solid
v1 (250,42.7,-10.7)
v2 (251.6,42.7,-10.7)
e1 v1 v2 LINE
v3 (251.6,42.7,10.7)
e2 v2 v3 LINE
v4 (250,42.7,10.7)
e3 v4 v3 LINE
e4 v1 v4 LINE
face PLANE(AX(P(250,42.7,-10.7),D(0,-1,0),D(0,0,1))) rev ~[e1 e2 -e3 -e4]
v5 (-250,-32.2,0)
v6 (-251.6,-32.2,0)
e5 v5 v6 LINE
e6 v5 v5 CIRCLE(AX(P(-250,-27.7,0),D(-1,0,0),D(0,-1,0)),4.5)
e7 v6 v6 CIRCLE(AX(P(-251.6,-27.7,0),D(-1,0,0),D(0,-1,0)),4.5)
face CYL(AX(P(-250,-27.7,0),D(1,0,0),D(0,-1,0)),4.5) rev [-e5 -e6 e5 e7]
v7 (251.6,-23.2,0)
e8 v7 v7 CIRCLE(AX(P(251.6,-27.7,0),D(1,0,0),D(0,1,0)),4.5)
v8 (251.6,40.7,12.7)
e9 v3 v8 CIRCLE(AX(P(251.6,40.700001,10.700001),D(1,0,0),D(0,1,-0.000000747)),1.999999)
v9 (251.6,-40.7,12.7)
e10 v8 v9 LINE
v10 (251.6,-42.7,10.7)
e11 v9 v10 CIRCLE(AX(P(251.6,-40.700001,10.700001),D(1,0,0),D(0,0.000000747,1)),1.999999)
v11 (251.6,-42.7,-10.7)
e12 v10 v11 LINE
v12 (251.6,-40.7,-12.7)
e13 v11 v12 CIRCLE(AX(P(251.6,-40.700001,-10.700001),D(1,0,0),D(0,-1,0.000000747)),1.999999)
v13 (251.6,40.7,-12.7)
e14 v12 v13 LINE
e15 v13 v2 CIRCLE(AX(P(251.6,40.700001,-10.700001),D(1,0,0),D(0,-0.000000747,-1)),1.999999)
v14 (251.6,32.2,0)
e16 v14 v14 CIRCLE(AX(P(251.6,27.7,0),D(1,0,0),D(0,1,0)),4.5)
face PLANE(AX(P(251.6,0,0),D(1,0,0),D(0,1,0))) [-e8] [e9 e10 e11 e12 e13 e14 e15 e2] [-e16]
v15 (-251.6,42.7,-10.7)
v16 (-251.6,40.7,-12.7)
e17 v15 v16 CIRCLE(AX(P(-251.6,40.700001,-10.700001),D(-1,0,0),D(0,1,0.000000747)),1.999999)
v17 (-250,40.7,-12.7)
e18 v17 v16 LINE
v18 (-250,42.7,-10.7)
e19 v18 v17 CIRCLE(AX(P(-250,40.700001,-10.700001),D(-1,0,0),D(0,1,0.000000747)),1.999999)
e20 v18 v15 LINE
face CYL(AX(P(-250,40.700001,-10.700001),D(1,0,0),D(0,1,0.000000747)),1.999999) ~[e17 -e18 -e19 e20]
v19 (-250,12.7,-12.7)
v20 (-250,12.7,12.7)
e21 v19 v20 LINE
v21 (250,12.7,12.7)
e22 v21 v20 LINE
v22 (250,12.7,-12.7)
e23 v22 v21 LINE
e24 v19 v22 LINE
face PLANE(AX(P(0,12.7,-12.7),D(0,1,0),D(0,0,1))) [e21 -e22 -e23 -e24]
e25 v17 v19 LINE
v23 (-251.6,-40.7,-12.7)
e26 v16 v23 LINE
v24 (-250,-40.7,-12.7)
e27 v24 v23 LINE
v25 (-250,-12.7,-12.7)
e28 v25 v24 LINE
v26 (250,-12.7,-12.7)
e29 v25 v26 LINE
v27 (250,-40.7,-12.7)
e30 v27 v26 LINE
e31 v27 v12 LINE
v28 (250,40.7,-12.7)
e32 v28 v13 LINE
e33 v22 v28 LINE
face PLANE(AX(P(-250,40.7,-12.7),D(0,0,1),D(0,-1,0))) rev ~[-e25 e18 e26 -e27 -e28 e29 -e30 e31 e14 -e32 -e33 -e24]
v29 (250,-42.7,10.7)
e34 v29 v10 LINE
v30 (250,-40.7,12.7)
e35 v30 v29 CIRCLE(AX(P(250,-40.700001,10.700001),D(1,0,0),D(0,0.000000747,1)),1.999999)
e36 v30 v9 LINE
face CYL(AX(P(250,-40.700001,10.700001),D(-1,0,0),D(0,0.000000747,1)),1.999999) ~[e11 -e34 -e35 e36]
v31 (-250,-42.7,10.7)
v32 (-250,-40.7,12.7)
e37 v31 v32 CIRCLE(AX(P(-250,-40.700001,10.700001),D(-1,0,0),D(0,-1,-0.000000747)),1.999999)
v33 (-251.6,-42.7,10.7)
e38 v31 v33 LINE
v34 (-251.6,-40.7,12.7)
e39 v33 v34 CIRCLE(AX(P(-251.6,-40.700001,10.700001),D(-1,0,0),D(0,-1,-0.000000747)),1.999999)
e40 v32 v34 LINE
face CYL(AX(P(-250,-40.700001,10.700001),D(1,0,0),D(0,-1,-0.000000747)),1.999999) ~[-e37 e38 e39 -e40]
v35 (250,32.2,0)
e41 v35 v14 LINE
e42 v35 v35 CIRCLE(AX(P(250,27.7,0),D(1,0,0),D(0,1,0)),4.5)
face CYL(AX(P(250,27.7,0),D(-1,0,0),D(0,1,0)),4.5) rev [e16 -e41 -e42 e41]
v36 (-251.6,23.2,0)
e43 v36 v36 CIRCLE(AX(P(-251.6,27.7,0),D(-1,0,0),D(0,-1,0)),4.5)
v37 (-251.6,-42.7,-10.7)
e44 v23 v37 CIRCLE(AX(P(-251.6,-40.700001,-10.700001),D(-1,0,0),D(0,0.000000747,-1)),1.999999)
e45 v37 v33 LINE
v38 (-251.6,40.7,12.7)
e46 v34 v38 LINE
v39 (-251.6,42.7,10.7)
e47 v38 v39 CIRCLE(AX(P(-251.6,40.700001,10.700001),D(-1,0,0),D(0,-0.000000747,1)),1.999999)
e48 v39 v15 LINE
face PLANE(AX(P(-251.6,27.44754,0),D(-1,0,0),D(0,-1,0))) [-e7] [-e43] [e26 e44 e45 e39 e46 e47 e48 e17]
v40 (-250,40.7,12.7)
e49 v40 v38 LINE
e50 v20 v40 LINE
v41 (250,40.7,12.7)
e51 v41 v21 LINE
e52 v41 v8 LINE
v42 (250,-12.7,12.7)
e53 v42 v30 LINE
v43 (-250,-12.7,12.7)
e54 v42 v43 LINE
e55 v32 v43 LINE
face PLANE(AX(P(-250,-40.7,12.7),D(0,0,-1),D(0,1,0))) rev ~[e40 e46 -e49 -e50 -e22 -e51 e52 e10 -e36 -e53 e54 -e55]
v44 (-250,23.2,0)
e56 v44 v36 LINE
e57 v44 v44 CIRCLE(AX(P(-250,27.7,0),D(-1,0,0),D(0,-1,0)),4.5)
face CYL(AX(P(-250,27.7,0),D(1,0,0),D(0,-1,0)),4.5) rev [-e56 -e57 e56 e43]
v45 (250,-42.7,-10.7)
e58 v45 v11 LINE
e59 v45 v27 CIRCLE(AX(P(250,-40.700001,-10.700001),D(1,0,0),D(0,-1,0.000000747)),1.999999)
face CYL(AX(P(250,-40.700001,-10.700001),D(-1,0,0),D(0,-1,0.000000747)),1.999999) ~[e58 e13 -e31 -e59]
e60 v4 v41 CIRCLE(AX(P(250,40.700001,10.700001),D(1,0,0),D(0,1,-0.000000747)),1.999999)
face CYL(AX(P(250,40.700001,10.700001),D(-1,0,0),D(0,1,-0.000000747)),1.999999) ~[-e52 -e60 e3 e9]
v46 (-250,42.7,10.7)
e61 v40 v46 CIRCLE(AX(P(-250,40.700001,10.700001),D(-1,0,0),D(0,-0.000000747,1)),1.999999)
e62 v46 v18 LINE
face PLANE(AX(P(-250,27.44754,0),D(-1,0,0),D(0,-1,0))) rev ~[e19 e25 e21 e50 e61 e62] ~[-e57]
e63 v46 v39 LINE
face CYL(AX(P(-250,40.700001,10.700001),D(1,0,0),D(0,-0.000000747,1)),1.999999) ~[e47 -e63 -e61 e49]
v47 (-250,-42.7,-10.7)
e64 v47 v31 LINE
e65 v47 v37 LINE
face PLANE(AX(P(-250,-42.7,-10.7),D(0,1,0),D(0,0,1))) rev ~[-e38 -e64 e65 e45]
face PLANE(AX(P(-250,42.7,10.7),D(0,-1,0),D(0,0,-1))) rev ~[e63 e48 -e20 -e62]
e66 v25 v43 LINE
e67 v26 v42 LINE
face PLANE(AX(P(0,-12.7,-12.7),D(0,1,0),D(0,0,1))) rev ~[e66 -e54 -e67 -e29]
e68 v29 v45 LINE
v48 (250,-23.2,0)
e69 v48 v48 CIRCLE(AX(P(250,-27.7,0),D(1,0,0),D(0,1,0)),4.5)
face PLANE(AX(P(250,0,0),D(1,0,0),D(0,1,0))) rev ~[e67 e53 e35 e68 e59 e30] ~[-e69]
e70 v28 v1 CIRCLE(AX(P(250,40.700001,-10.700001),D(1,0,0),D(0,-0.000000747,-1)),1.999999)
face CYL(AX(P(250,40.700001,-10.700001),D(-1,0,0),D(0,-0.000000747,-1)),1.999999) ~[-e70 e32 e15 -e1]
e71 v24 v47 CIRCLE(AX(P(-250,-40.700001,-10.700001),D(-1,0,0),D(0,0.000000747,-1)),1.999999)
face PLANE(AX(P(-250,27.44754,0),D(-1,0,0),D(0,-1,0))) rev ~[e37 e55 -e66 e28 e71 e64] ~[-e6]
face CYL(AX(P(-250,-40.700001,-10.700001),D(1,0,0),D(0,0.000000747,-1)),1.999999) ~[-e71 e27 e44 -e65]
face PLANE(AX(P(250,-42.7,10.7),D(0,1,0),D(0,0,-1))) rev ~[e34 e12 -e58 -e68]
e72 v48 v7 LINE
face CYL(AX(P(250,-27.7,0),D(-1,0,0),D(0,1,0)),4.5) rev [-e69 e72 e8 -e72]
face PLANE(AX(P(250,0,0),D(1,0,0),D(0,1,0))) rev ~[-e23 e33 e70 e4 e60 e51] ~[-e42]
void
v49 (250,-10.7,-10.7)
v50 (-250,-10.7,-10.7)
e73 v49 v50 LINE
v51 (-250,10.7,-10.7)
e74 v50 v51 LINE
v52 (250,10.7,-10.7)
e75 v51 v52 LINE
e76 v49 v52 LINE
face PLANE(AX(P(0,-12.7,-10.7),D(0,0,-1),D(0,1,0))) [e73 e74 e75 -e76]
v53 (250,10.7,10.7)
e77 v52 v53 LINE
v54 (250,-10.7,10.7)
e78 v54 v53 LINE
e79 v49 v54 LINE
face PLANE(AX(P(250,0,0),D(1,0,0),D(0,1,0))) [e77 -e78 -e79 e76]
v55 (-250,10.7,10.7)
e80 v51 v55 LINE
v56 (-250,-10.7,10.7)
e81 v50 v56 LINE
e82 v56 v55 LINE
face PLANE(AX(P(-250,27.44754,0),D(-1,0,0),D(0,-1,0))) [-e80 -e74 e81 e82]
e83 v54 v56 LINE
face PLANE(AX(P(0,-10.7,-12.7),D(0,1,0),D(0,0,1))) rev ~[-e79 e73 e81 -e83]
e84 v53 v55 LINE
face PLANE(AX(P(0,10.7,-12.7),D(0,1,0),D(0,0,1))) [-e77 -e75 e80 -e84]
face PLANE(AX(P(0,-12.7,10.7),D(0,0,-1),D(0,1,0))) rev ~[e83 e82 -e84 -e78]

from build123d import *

# Parameters (mm, degrees)
F0_W     = 25.4
F0_H     = 25.4
F1_DEPTH = 250
F2_T     = -2
F3_R     = 4.5
F4_DEPTH = 1.6
F5_R     = 4.5
F6_DEPTH = 1.6


with BuildPart() as f1:
    # F0 (on Right) → F1 (new body, symmetric)
    with BuildSketch(Plane.YZ):
        Rectangle(F0_W, F0_H)
    extrude(amount=F1_DEPTH, both=True)

    # F2
    f2_openings = [f1.faces().sort_by_distance(p)[0] for p in [
        (250, 0, 0),
        (-250, 0, 0),
    ]]
    offset(amount=F2_T, openings=f2_openings)

    # F3 (on face) → F4 (join)
    with BuildSketch(Plane.YZ.offset(250)):
        with BuildLine():
            ThreePointArc((42.7, 10.7), (42.114214, 12.114214), (40.7, 12.7))
            Line((40.7, 12.7), (-40.7, 12.7))
            ThreePointArc((-40.7, 12.7), (-42.114214, 12.114214), (-42.7, 10.7))
            Line((-42.7, 10.7), (-42.7, -10.7))
            ThreePointArc((-42.7, -10.7), (-42.114214, -12.114214), (-40.7, -12.7))
            Line((-40.7, -12.7), (40.7, -12.7))
            ThreePointArc((40.7, -12.7), (42.114214, -12.114214), (42.7, -10.7))
            Line((42.7, -10.7), (42.7, 10.7))
        make_face()
        with Locations((-27.7, 0)):
            Circle(F3_R, mode=Mode.SUBTRACT)
        with Locations((27.7, 0)):
            Circle(F3_R, mode=Mode.SUBTRACT)
    extrude(amount=F4_DEPTH)

    # F5 (on face) → F6 (join)
    with BuildSketch(Plane(origin=(-250, 0, 0), x_dir=(0, -1, 0), z_dir=(-1, 0, 0))):
        with BuildLine():
            Line((-12.7, 12.7), (-40.7, 12.7))
            ThreePointArc((-40.7, 12.7), (-42.114214, 12.114214), (-42.7, 10.7))
            Line((-42.7, 10.7), (-42.7, -10.7))
            ThreePointArc((-42.7, -10.7), (-42.114214, -12.114214), (-40.7, -12.7))
            Line((-40.7, -12.7), (-12.7, -12.7))
            Line((-12.7, -12.7), (-12.7, 12.7))
        make_face()
        with Locations((-27.7, 0)):
            Circle(F5_R, mode=Mode.SUBTRACT)
        with BuildLine():
            Line((12.7, 12.7), (-12.7, 12.7))
            Line((-12.7, 12.7), (-12.7, -12.7))
            Line((-12.7, -12.7), (12.7, -12.7))
            Line((12.7, -12.7), (40.7, -12.7))
            ThreePointArc((40.7, -12.7), (42.114214, -12.114214), (42.7, -10.7))
            Line((42.7, -10.7), (42.7, 10.7))
            ThreePointArc((42.7, 10.7), (42.114214, 12.114214), (40.7, 12.7))
            Line((40.7, 12.7), (12.7, 12.7))
        make_face()
        with Locations((27.7, 0)):
            Circle(F5_R, mode=Mode.SUBTRACT)
    extrude(amount=F6_DEPTH)


solid = f1.part
